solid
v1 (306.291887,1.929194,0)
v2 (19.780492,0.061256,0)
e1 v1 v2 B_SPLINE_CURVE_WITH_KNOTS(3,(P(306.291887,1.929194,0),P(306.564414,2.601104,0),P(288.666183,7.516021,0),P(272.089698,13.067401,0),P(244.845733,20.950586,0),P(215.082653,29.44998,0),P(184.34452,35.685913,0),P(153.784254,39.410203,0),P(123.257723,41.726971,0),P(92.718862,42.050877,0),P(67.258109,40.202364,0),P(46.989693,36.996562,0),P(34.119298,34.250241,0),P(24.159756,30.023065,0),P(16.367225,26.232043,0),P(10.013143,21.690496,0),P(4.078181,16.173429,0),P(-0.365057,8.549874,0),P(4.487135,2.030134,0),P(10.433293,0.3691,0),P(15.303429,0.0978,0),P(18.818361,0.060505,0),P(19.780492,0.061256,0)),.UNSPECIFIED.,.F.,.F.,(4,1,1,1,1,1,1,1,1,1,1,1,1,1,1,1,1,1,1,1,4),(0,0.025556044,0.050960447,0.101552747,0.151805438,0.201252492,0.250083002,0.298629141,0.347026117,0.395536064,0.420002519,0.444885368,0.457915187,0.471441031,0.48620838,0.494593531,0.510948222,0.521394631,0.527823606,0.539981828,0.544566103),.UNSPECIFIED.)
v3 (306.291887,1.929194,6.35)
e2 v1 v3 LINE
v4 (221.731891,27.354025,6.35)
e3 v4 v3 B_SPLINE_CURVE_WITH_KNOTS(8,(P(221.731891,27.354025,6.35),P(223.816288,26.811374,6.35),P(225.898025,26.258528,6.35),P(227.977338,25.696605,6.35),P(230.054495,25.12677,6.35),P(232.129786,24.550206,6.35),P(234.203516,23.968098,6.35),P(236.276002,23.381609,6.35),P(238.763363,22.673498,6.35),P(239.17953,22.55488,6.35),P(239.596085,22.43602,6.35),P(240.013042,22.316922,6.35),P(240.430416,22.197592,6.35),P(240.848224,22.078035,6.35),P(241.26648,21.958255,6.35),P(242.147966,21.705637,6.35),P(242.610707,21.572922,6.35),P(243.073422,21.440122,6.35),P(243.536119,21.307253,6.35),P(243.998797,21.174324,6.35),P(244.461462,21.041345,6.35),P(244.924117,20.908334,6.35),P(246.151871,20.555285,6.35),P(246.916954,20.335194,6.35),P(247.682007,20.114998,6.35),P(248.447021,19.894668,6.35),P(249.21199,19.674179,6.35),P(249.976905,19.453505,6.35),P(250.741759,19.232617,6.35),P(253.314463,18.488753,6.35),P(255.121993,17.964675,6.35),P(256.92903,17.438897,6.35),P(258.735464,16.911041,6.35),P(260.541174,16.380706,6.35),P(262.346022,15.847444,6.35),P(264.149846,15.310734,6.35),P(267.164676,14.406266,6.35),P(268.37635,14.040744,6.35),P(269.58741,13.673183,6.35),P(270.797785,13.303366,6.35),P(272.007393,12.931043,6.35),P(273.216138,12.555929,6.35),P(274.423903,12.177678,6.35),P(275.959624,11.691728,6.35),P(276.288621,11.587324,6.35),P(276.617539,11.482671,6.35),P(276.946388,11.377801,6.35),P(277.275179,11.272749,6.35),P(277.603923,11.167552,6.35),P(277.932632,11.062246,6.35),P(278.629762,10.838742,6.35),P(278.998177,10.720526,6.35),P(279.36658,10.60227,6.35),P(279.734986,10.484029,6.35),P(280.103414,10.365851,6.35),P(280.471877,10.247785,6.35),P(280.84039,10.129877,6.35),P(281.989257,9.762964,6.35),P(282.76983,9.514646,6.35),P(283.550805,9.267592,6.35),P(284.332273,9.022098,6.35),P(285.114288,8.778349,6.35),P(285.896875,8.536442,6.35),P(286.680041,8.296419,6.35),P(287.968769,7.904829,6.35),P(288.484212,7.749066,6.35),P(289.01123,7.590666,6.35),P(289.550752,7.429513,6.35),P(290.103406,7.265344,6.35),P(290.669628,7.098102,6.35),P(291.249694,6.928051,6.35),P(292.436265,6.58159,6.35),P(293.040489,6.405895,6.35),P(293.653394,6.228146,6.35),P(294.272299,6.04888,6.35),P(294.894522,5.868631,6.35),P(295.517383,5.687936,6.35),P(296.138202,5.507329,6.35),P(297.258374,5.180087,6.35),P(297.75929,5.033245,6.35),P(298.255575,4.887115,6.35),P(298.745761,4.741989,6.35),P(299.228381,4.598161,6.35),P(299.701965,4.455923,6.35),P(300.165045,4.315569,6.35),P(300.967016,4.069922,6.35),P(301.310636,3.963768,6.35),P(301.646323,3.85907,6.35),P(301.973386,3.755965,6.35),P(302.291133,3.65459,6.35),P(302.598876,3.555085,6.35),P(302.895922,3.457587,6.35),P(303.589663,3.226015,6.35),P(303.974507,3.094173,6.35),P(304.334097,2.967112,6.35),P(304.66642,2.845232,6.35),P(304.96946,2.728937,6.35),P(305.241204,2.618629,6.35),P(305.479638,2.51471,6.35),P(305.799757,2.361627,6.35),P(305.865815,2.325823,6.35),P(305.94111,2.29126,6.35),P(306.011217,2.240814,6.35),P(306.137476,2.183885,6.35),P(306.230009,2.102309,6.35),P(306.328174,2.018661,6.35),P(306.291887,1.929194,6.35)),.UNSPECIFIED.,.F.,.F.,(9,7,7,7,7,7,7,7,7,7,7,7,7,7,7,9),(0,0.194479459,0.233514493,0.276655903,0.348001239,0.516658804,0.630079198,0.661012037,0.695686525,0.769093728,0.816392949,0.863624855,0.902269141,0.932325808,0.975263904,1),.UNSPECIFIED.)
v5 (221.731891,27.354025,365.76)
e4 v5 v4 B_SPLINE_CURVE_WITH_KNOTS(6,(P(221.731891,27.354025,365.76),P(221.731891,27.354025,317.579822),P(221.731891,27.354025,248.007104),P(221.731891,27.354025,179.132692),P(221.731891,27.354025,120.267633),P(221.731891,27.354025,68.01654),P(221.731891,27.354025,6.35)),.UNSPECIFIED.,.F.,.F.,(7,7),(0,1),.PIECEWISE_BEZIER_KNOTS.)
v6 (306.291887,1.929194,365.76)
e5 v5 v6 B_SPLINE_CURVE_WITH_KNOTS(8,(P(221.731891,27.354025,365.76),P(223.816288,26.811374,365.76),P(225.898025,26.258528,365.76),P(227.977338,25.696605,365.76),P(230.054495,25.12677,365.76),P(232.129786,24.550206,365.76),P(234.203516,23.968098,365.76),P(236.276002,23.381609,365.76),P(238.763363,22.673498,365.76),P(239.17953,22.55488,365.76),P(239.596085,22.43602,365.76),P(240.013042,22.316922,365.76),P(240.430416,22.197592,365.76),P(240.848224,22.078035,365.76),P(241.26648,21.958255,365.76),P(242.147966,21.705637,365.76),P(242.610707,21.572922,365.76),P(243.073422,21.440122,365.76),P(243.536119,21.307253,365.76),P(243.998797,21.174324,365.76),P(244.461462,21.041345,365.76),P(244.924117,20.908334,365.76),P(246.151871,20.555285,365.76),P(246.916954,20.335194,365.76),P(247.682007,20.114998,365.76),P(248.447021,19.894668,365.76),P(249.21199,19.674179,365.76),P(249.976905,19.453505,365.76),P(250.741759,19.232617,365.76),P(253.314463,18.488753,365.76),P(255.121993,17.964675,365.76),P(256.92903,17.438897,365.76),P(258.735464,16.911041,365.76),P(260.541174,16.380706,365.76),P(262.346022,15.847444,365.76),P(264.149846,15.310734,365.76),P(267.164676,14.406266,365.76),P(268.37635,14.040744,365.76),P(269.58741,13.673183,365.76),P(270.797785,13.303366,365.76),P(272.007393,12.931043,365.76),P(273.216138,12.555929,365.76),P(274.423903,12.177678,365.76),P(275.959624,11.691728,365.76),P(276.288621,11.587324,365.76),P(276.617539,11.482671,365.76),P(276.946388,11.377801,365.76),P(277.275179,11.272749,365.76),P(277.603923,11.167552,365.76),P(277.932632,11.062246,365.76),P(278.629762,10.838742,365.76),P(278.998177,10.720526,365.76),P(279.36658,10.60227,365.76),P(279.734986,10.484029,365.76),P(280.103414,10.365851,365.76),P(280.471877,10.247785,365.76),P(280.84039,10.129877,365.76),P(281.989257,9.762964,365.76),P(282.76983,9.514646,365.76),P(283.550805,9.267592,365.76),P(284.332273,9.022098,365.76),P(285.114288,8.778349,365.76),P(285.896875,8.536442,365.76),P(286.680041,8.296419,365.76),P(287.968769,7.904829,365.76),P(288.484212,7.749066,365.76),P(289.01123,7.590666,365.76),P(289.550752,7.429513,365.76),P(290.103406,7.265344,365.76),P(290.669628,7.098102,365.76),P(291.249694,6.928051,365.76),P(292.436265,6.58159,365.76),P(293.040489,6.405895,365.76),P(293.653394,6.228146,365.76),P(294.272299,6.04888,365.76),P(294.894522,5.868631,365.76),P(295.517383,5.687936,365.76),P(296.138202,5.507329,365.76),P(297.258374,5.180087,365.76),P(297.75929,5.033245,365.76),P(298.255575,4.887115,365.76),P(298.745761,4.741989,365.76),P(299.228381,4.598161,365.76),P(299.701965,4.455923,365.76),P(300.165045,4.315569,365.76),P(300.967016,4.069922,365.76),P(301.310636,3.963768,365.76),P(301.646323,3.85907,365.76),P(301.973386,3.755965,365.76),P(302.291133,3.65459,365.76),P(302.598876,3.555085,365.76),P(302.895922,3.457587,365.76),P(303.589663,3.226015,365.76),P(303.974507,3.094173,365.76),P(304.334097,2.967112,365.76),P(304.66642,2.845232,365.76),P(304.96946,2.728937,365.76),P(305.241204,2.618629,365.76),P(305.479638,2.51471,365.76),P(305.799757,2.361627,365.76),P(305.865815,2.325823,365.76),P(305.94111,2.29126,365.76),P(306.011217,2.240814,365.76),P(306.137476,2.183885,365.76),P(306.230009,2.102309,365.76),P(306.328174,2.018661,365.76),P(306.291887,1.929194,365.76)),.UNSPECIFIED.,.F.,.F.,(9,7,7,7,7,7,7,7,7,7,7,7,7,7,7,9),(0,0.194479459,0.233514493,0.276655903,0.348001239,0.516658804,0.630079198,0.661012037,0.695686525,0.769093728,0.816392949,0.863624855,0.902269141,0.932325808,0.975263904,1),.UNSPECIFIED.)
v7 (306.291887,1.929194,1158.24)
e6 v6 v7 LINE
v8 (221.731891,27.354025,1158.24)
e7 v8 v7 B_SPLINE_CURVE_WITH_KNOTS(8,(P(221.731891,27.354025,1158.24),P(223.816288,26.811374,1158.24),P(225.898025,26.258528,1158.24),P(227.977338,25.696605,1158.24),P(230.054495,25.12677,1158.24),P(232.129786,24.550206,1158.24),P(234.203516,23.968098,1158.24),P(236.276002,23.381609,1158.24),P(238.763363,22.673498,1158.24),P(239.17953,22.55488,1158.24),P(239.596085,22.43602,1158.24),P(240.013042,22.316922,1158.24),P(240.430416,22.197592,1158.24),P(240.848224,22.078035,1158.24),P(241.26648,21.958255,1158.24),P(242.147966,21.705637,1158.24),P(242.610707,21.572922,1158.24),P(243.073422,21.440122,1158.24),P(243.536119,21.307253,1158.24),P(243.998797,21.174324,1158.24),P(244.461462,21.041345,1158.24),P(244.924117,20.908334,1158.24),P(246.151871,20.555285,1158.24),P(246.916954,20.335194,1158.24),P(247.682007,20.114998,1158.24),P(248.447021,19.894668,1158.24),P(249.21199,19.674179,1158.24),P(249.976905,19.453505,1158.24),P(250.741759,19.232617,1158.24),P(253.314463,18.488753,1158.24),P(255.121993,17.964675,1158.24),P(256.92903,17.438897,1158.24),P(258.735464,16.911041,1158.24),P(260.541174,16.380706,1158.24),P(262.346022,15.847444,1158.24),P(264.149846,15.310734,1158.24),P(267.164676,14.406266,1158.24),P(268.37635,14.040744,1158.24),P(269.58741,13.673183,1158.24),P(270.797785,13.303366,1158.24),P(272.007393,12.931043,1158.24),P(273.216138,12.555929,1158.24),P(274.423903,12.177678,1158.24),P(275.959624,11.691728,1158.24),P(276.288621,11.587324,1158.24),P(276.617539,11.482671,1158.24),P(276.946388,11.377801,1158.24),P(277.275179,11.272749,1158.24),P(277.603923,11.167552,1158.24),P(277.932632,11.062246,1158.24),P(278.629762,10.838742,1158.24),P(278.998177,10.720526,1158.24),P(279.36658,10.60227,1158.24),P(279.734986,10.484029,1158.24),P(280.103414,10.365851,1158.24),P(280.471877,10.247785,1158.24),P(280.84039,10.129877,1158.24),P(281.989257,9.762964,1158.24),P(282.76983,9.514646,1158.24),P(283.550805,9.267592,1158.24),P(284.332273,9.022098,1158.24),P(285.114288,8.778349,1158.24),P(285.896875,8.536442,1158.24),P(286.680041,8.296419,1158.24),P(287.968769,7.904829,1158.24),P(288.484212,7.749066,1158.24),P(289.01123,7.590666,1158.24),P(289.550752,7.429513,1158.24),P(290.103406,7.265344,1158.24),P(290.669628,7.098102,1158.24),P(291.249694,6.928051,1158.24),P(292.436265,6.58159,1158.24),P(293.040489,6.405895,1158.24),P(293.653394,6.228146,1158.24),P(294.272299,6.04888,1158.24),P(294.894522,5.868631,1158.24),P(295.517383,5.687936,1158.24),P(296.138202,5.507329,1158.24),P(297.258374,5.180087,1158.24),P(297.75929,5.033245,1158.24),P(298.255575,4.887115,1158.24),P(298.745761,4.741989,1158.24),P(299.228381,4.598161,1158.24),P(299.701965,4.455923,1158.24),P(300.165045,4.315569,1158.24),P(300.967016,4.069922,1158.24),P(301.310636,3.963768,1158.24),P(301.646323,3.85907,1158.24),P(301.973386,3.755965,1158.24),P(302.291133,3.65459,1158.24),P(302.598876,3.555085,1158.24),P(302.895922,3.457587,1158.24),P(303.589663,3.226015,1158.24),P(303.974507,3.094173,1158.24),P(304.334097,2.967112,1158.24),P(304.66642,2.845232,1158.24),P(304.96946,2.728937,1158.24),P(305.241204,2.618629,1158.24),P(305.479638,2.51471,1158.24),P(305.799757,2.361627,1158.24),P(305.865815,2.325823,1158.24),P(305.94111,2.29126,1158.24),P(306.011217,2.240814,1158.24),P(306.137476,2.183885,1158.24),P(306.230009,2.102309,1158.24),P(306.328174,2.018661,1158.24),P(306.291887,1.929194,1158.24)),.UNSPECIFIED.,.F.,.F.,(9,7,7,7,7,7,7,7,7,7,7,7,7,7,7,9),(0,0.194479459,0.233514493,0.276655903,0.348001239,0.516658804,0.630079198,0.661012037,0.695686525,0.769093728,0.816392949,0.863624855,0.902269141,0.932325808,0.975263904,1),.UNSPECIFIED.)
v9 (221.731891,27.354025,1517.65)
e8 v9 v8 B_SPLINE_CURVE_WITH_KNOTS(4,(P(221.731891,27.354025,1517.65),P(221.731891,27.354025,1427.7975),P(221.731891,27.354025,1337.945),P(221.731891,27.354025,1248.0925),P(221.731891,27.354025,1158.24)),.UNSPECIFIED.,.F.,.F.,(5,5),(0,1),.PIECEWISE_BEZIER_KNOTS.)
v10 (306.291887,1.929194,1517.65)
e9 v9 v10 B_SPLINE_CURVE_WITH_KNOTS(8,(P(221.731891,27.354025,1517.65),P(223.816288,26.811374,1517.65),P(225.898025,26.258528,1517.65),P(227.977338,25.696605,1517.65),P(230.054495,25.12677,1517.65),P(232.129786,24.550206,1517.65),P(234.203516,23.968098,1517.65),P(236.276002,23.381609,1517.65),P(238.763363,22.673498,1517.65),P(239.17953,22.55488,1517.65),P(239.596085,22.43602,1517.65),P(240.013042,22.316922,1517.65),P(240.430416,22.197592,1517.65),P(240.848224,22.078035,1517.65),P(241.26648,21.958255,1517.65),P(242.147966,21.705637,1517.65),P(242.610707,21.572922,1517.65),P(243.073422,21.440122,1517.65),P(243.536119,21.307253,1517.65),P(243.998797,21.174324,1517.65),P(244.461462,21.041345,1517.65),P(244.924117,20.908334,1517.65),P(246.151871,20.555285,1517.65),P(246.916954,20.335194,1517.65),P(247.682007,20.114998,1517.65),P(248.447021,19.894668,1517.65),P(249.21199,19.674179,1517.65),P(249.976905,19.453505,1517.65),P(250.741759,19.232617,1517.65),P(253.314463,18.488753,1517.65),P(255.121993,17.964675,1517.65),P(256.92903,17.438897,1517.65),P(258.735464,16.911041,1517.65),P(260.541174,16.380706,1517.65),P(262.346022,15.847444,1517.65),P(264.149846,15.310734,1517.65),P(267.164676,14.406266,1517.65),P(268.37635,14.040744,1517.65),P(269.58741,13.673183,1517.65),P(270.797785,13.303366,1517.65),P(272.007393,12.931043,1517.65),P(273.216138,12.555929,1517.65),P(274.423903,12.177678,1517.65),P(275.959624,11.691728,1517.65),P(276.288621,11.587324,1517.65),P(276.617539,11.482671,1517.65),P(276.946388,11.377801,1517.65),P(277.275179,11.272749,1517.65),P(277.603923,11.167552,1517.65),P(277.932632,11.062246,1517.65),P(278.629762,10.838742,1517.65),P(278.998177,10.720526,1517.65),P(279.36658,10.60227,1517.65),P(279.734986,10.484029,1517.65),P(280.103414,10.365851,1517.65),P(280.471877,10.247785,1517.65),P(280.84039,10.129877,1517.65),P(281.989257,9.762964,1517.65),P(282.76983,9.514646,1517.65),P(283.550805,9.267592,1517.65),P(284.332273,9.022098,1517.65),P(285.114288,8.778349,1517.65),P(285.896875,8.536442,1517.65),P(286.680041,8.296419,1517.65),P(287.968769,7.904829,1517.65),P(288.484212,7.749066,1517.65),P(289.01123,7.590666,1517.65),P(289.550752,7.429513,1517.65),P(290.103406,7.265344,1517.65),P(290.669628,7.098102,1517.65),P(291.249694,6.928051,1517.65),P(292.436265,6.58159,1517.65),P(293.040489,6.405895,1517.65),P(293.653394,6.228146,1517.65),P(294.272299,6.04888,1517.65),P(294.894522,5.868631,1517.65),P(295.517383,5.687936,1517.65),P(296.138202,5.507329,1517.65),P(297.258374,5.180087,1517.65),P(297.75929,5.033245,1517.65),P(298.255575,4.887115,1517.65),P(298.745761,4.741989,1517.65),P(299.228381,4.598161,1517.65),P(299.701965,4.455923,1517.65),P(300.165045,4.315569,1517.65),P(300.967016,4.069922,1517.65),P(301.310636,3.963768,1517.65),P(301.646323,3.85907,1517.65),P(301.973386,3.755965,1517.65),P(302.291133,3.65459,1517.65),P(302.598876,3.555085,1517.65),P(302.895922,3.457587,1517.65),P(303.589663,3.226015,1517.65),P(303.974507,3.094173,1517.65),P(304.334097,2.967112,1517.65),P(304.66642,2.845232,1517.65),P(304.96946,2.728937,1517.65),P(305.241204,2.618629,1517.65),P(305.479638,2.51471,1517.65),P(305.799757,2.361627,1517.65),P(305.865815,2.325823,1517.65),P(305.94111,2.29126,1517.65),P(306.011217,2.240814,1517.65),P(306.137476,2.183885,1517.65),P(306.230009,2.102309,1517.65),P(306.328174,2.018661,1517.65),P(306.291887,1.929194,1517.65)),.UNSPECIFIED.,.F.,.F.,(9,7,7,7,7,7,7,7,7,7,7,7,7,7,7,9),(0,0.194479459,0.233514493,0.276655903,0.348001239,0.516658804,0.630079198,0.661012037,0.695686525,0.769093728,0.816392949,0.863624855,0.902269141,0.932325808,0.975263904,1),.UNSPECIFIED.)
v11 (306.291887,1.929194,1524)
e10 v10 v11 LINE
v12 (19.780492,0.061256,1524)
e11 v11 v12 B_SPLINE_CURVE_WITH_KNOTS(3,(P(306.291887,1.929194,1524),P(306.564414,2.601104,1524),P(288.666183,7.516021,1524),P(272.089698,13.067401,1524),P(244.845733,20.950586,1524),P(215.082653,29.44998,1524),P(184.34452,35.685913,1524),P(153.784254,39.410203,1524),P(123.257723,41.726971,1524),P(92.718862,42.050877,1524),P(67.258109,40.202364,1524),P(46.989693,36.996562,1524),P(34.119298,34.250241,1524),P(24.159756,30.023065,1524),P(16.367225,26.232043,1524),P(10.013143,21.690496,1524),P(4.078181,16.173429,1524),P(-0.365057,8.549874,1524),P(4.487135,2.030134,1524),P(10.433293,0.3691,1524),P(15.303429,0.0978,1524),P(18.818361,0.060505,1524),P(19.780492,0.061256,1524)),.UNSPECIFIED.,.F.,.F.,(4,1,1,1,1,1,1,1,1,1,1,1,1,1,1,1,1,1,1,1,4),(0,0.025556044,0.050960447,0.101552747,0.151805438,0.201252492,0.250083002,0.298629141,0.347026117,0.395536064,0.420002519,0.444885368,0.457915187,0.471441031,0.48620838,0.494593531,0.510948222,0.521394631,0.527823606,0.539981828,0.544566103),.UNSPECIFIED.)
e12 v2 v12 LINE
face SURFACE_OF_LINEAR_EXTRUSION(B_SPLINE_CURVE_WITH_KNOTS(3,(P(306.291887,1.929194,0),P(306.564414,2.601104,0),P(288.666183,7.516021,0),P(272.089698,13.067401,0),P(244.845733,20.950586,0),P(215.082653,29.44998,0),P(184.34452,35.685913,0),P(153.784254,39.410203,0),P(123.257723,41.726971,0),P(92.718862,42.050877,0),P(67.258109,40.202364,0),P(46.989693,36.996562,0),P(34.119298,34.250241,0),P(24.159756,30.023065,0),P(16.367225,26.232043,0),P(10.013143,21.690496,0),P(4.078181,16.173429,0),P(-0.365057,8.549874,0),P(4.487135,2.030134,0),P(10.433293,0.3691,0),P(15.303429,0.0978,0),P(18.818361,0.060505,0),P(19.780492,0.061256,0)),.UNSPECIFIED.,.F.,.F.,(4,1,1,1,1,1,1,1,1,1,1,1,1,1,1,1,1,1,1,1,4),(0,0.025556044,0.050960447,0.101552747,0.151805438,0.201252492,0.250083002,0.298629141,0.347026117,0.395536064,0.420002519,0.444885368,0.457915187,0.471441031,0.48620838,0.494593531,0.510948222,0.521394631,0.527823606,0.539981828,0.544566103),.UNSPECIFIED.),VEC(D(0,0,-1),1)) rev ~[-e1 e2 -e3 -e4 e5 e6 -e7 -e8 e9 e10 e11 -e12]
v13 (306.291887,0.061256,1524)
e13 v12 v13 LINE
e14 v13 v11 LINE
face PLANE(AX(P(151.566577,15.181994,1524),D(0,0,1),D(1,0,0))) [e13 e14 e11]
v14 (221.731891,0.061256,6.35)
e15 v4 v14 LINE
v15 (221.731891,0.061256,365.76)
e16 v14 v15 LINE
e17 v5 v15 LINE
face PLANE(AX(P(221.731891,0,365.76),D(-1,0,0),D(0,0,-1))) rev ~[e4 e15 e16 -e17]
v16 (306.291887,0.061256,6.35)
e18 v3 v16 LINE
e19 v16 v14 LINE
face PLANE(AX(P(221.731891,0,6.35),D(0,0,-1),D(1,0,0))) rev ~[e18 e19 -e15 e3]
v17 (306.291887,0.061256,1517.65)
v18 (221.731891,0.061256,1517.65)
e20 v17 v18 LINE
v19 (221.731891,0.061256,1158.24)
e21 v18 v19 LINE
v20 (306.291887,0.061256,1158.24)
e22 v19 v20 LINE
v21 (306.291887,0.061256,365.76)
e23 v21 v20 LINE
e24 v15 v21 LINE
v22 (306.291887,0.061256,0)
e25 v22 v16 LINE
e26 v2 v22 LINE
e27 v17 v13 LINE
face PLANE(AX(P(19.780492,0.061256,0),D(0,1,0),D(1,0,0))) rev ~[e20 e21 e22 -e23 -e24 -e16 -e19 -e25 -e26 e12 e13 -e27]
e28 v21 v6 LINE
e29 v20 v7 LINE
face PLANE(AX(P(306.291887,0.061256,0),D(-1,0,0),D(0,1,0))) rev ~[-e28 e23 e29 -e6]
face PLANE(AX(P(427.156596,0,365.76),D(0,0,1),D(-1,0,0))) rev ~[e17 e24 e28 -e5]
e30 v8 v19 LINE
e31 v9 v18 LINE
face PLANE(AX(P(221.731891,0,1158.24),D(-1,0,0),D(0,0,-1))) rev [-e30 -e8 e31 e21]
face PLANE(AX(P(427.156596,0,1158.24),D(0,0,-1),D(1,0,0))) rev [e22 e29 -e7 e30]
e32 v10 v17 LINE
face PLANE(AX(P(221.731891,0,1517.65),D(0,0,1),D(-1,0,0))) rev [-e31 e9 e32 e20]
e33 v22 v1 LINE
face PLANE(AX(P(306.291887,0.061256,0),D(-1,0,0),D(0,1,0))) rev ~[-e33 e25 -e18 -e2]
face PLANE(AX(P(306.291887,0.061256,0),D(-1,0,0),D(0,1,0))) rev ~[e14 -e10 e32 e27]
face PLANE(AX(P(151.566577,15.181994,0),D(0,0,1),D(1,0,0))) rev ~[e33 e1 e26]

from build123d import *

# Parameters (mm, degrees)
BOSS_EXTRUDE1_DEPTH = 1524
CUT_EXTRUDE1_DEPTH  = 1235.692187154


with BuildPart() as part:
    # Sketch1 → Boss-Extrude1 (new body)
    with BuildSketch(Plane.XY):
        with BuildLine():
            Line((306.2918866, 0.06125608), (306.2918866, 1.929193729))
            add(Edge.make_bspline(
                [(306.2918866, 1.929193729), (306.564414308, 2.601103907), (288.666182524, 7.516021399), (272.089697541, 13.067400941), (244.845732816, 20.950585532), (215.082653309, 29.449979818), (184.344520243, 35.685913329), (153.784254075, 39.410202948), (123.257723072, 41.726971171), (92.718862182, 42.050877324), (67.258109319, 40.202363559), (46.989693296, 36.996561506), (34.119297907, 34.250240848), (24.159756468, 30.02306537), (16.367225285, 26.232042553), (10.013142841, 21.690495841), (4.07818139, 16.173428758), (-0.365057057, 8.549874417), (4.487134511, 2.030134218), (10.433293339, 0.369099766), (15.303428835, 0.097799584), (18.818361359, 0.060504865), (19.780492057, 0.06125608)],
                knots=[0, 0, 0, 0, 0.025556044, 0.050960447, 0.101552747, 0.151805438, 0.201252492, 0.250083002, 0.298629141, 0.347026117, 0.395536064, 0.420002519, 0.444885368, 0.457915187, 0.471441031, 0.48620838, 0.494593531, 0.510948222, 0.521394631, 0.527823606, 0.539981828, 0.544566103, 0.544566103, 0.544566103, 0.544566103], degree=3))
            Line((19.780492057, 0.06125608), (306.2918866, 0.06125608))
        make_face()
    extrude(amount=BOSS_EXTRUDE1_DEPTH)

    # 3DSketch1 → Cut-Extrude1 (cut, symmetric)
    with BuildSketch(Plane(origin=(427.156596146, 0, 365.76), x_dir=(-0.49622554751963377, 0, -0.8681936454437107), z_dir=(0, -1, 0))):
        Polygon((0, 0), (101.936987019, -178.348424034), (413.974465128, 0), (312.037478109, 178.348424034), align=None)
    cut_extrude1 = extrude(amount=CUT_EXTRUDE1_DEPTH, both=True, mode=Mode.SUBTRACT)

    # Mirror1: Cut-Extrude1 across plane
    add(cut_extrude1.mirror(Plane(origin=(0, 0, 762), x_dir=(1, 0, 0), z_dir=(0, 0, -1))), mode=Mode.SUBTRACT)


solid = part.part
